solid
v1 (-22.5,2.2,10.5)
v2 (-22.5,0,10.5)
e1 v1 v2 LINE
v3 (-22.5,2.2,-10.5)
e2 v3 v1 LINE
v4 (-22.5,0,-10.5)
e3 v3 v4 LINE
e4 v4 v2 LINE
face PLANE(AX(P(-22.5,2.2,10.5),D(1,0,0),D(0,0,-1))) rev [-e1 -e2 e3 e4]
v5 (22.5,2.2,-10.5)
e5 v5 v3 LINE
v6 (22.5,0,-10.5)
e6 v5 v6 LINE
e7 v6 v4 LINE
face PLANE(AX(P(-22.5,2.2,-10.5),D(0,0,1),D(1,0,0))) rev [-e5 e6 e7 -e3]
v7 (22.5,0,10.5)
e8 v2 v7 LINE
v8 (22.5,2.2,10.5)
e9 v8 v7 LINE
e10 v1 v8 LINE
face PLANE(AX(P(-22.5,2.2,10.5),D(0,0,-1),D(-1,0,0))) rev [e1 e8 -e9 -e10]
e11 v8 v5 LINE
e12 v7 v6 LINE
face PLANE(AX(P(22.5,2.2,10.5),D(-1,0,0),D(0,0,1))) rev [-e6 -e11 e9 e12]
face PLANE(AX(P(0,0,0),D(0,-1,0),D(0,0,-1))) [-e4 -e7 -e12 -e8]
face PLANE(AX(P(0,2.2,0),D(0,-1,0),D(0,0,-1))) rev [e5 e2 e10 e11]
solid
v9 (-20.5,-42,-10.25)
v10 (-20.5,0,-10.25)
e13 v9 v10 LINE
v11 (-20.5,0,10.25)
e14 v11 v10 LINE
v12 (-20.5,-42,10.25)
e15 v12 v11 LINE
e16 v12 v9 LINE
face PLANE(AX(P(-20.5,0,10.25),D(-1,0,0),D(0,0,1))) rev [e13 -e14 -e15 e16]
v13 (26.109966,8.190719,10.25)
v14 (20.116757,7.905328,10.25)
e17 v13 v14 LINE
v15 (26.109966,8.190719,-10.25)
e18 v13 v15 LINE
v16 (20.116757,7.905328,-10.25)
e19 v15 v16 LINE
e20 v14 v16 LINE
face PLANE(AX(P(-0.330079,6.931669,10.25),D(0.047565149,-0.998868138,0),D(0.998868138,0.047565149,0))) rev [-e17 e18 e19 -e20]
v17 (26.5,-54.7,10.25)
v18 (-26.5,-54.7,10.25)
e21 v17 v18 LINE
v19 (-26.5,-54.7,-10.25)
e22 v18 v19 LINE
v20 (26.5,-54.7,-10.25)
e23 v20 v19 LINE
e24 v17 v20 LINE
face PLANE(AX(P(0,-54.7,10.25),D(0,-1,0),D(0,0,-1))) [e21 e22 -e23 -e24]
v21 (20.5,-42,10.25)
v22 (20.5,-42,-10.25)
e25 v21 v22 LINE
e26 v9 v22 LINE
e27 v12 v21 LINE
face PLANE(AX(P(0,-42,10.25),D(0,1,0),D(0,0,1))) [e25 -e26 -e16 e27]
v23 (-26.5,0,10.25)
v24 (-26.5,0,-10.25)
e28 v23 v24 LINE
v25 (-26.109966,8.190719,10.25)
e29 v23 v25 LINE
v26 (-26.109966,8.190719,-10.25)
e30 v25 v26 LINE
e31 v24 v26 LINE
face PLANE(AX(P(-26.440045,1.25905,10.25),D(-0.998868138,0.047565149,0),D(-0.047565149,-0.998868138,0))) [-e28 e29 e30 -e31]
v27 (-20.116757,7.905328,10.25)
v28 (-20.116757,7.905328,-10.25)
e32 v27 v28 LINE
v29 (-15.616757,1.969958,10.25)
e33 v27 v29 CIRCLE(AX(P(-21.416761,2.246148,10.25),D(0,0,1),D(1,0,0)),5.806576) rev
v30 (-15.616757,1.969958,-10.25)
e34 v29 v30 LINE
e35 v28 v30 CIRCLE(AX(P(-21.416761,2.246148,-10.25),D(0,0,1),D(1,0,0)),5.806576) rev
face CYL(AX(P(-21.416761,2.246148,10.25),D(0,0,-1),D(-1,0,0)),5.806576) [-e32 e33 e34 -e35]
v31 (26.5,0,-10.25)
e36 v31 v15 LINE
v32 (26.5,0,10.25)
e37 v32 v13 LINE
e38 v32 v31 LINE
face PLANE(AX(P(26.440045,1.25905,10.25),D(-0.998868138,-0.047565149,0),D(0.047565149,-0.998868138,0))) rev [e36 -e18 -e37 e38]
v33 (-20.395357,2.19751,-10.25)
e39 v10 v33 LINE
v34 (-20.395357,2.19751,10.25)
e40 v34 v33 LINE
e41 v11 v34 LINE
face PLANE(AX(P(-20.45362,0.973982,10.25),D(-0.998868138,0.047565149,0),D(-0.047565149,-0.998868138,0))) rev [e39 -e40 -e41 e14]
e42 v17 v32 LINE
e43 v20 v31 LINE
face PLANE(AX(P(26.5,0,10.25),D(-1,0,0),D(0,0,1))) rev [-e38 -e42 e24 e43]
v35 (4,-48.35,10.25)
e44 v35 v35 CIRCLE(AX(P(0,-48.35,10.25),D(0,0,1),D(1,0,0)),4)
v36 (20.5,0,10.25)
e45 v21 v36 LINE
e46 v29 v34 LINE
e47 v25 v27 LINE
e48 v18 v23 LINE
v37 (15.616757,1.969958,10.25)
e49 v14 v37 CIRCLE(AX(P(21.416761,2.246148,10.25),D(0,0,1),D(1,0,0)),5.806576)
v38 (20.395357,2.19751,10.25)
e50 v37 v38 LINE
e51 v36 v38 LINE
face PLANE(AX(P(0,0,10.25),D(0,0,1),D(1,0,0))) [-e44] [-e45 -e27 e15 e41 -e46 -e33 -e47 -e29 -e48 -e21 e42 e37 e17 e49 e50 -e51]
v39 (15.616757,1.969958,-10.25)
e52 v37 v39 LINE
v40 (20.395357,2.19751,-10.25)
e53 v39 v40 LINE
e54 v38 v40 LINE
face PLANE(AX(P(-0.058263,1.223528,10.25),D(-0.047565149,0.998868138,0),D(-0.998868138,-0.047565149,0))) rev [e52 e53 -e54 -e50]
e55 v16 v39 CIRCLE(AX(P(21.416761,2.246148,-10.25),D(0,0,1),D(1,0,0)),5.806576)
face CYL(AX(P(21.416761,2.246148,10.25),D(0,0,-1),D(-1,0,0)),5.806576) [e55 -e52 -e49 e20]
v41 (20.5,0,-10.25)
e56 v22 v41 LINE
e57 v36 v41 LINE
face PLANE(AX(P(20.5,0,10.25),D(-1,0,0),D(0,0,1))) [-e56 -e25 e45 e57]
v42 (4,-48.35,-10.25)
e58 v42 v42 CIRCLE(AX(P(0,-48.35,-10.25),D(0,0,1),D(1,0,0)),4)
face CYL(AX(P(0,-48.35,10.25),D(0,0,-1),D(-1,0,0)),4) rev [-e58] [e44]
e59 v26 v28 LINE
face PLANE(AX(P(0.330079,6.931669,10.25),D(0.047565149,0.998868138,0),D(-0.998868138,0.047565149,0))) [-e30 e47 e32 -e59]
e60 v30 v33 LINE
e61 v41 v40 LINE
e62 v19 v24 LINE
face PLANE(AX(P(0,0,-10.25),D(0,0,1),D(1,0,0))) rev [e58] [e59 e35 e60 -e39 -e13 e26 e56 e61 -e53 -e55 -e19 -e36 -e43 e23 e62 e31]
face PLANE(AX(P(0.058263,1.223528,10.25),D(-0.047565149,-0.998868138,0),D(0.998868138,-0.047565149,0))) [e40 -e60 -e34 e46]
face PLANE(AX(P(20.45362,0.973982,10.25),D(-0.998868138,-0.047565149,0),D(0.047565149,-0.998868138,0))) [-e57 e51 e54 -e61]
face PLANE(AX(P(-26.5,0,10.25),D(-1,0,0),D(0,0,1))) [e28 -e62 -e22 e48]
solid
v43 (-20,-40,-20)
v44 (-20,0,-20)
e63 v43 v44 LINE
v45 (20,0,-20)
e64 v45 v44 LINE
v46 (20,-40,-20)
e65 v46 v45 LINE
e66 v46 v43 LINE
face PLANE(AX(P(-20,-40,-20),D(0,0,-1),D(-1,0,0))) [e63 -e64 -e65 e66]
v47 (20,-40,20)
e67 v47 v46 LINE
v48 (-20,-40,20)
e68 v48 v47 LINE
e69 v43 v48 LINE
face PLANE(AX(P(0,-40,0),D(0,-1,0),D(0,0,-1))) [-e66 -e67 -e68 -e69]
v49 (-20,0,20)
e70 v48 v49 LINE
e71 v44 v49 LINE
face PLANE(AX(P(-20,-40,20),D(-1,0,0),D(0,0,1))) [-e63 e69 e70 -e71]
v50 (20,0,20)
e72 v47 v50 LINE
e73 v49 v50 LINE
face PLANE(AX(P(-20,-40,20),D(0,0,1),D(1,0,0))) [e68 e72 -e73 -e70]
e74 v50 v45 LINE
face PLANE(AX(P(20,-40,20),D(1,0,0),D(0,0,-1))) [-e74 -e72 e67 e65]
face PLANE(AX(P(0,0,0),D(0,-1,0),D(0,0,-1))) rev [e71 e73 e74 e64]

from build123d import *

# Parameters (mm, degrees)
SKETCH1_W                            = 45
SKETCH1_H                            = 21
BOSS_EXTRUDE1_DEPTH                  = 2.2
SKETCH2_W                            = 40
SKETCH2_H                            = 40
BOSS_EXTRUDE2_DEPTH                  = 40
SKETCH3_W                            = 41
SKETCH3_H                            = 12.7
SKETCH3_R                            = 4
SNAPFIT_41MM_SPACING_6MM_WIDTH_DEPTH = 10.25


with BuildPart() as part:
    # Sketch1 → Boss-Extrude1 (new body)
    with BuildSketch(Plane(origin=(0, 0, 0), x_dir=(1, 0, 0), z_dir=(0, 1, 0))):
        Rectangle(SKETCH1_W, SKETCH1_H)
    extrude(amount=BOSS_EXTRUDE1_DEPTH)


with BuildPart() as body_2:
    # Sketch2 → Boss-Extrude2 (new body)
    with BuildSketch(Plane(origin=(0, 0, 0), x_dir=(1, 0, 0), z_dir=(0, 1, 0))):
        Rectangle(SKETCH2_W, SKETCH2_H)
    extrude(amount=-BOSS_EXTRUDE2_DEPTH)


with BuildPart() as body_3:
    # Sketch3 → SnapFit-41mm_spacing-6mm_width (new, symmetric)
    # profile 1 of 3: a face of its own
    with BuildSketch(Plane.XY):
        with Locations((0, -48.35)):
            Rectangle(SKETCH3_W, SKETCH3_H)
        with Locations((0, -48.35)):
            Circle(SKETCH3_R, mode=Mode.SUBTRACT)
    # profile 2 of 3: a face of its own
    with BuildSketch(Plane.XY):
        with BuildLine():
            Line((-26.5, -54.7), (-20.5, -54.7))
            Line((-20.5, -54.7), (-20.5, -42))
            Line((-20.5, -42), (-20.5, 0))
            Line((-20.5, 0), (-20.395356671, 2.197509903))
            Line((-20.395356671, 2.197509903), (-15.616756948, 1.969957535))
            ThreePointArc((-15.616756948, 1.969957535), (-16.789700947, 5.754230658), (-20.116756948, 7.905327833))
            Line((-20.116756948, 7.905327833), (-26.109965775, 8.190718729))
            Line((-26.109965775, 8.190718729), (-26.5, 0))
            Line((-26.5, 0), (-26.5, -54.7))
        make_face()
    # profile 3 of 3: a face of its own
    with BuildSketch(Plane.XY):
        with BuildLine():
            Line((20.5, -42), (20.5, -54.7))
            Line((20.5, -54.7), (26.5, -54.7))
            Line((26.5, -54.7), (26.5, 0))
            Line((26.5, 0), (26.109965775, 8.190718729))
            Line((26.109965775, 8.190718729), (20.116756948, 7.905327833))
            ThreePointArc((20.116756948, 7.905327833), (16.789700947, 5.754230658), (15.616756948, 1.969957535))
            Line((15.616756948, 1.969957535), (20.395356671, 2.197509903))
            Line((20.395356671, 2.197509903), (20.5, 0))
            Line((20.5, 0), (20.5, -42))
        make_face()
    extrude(amount=SNAPFIT_41MM_SPACING_6MM_WIDTH_DEPTH, both=True)


solid = Compound([part.part, body_2.part, body_3.part])
